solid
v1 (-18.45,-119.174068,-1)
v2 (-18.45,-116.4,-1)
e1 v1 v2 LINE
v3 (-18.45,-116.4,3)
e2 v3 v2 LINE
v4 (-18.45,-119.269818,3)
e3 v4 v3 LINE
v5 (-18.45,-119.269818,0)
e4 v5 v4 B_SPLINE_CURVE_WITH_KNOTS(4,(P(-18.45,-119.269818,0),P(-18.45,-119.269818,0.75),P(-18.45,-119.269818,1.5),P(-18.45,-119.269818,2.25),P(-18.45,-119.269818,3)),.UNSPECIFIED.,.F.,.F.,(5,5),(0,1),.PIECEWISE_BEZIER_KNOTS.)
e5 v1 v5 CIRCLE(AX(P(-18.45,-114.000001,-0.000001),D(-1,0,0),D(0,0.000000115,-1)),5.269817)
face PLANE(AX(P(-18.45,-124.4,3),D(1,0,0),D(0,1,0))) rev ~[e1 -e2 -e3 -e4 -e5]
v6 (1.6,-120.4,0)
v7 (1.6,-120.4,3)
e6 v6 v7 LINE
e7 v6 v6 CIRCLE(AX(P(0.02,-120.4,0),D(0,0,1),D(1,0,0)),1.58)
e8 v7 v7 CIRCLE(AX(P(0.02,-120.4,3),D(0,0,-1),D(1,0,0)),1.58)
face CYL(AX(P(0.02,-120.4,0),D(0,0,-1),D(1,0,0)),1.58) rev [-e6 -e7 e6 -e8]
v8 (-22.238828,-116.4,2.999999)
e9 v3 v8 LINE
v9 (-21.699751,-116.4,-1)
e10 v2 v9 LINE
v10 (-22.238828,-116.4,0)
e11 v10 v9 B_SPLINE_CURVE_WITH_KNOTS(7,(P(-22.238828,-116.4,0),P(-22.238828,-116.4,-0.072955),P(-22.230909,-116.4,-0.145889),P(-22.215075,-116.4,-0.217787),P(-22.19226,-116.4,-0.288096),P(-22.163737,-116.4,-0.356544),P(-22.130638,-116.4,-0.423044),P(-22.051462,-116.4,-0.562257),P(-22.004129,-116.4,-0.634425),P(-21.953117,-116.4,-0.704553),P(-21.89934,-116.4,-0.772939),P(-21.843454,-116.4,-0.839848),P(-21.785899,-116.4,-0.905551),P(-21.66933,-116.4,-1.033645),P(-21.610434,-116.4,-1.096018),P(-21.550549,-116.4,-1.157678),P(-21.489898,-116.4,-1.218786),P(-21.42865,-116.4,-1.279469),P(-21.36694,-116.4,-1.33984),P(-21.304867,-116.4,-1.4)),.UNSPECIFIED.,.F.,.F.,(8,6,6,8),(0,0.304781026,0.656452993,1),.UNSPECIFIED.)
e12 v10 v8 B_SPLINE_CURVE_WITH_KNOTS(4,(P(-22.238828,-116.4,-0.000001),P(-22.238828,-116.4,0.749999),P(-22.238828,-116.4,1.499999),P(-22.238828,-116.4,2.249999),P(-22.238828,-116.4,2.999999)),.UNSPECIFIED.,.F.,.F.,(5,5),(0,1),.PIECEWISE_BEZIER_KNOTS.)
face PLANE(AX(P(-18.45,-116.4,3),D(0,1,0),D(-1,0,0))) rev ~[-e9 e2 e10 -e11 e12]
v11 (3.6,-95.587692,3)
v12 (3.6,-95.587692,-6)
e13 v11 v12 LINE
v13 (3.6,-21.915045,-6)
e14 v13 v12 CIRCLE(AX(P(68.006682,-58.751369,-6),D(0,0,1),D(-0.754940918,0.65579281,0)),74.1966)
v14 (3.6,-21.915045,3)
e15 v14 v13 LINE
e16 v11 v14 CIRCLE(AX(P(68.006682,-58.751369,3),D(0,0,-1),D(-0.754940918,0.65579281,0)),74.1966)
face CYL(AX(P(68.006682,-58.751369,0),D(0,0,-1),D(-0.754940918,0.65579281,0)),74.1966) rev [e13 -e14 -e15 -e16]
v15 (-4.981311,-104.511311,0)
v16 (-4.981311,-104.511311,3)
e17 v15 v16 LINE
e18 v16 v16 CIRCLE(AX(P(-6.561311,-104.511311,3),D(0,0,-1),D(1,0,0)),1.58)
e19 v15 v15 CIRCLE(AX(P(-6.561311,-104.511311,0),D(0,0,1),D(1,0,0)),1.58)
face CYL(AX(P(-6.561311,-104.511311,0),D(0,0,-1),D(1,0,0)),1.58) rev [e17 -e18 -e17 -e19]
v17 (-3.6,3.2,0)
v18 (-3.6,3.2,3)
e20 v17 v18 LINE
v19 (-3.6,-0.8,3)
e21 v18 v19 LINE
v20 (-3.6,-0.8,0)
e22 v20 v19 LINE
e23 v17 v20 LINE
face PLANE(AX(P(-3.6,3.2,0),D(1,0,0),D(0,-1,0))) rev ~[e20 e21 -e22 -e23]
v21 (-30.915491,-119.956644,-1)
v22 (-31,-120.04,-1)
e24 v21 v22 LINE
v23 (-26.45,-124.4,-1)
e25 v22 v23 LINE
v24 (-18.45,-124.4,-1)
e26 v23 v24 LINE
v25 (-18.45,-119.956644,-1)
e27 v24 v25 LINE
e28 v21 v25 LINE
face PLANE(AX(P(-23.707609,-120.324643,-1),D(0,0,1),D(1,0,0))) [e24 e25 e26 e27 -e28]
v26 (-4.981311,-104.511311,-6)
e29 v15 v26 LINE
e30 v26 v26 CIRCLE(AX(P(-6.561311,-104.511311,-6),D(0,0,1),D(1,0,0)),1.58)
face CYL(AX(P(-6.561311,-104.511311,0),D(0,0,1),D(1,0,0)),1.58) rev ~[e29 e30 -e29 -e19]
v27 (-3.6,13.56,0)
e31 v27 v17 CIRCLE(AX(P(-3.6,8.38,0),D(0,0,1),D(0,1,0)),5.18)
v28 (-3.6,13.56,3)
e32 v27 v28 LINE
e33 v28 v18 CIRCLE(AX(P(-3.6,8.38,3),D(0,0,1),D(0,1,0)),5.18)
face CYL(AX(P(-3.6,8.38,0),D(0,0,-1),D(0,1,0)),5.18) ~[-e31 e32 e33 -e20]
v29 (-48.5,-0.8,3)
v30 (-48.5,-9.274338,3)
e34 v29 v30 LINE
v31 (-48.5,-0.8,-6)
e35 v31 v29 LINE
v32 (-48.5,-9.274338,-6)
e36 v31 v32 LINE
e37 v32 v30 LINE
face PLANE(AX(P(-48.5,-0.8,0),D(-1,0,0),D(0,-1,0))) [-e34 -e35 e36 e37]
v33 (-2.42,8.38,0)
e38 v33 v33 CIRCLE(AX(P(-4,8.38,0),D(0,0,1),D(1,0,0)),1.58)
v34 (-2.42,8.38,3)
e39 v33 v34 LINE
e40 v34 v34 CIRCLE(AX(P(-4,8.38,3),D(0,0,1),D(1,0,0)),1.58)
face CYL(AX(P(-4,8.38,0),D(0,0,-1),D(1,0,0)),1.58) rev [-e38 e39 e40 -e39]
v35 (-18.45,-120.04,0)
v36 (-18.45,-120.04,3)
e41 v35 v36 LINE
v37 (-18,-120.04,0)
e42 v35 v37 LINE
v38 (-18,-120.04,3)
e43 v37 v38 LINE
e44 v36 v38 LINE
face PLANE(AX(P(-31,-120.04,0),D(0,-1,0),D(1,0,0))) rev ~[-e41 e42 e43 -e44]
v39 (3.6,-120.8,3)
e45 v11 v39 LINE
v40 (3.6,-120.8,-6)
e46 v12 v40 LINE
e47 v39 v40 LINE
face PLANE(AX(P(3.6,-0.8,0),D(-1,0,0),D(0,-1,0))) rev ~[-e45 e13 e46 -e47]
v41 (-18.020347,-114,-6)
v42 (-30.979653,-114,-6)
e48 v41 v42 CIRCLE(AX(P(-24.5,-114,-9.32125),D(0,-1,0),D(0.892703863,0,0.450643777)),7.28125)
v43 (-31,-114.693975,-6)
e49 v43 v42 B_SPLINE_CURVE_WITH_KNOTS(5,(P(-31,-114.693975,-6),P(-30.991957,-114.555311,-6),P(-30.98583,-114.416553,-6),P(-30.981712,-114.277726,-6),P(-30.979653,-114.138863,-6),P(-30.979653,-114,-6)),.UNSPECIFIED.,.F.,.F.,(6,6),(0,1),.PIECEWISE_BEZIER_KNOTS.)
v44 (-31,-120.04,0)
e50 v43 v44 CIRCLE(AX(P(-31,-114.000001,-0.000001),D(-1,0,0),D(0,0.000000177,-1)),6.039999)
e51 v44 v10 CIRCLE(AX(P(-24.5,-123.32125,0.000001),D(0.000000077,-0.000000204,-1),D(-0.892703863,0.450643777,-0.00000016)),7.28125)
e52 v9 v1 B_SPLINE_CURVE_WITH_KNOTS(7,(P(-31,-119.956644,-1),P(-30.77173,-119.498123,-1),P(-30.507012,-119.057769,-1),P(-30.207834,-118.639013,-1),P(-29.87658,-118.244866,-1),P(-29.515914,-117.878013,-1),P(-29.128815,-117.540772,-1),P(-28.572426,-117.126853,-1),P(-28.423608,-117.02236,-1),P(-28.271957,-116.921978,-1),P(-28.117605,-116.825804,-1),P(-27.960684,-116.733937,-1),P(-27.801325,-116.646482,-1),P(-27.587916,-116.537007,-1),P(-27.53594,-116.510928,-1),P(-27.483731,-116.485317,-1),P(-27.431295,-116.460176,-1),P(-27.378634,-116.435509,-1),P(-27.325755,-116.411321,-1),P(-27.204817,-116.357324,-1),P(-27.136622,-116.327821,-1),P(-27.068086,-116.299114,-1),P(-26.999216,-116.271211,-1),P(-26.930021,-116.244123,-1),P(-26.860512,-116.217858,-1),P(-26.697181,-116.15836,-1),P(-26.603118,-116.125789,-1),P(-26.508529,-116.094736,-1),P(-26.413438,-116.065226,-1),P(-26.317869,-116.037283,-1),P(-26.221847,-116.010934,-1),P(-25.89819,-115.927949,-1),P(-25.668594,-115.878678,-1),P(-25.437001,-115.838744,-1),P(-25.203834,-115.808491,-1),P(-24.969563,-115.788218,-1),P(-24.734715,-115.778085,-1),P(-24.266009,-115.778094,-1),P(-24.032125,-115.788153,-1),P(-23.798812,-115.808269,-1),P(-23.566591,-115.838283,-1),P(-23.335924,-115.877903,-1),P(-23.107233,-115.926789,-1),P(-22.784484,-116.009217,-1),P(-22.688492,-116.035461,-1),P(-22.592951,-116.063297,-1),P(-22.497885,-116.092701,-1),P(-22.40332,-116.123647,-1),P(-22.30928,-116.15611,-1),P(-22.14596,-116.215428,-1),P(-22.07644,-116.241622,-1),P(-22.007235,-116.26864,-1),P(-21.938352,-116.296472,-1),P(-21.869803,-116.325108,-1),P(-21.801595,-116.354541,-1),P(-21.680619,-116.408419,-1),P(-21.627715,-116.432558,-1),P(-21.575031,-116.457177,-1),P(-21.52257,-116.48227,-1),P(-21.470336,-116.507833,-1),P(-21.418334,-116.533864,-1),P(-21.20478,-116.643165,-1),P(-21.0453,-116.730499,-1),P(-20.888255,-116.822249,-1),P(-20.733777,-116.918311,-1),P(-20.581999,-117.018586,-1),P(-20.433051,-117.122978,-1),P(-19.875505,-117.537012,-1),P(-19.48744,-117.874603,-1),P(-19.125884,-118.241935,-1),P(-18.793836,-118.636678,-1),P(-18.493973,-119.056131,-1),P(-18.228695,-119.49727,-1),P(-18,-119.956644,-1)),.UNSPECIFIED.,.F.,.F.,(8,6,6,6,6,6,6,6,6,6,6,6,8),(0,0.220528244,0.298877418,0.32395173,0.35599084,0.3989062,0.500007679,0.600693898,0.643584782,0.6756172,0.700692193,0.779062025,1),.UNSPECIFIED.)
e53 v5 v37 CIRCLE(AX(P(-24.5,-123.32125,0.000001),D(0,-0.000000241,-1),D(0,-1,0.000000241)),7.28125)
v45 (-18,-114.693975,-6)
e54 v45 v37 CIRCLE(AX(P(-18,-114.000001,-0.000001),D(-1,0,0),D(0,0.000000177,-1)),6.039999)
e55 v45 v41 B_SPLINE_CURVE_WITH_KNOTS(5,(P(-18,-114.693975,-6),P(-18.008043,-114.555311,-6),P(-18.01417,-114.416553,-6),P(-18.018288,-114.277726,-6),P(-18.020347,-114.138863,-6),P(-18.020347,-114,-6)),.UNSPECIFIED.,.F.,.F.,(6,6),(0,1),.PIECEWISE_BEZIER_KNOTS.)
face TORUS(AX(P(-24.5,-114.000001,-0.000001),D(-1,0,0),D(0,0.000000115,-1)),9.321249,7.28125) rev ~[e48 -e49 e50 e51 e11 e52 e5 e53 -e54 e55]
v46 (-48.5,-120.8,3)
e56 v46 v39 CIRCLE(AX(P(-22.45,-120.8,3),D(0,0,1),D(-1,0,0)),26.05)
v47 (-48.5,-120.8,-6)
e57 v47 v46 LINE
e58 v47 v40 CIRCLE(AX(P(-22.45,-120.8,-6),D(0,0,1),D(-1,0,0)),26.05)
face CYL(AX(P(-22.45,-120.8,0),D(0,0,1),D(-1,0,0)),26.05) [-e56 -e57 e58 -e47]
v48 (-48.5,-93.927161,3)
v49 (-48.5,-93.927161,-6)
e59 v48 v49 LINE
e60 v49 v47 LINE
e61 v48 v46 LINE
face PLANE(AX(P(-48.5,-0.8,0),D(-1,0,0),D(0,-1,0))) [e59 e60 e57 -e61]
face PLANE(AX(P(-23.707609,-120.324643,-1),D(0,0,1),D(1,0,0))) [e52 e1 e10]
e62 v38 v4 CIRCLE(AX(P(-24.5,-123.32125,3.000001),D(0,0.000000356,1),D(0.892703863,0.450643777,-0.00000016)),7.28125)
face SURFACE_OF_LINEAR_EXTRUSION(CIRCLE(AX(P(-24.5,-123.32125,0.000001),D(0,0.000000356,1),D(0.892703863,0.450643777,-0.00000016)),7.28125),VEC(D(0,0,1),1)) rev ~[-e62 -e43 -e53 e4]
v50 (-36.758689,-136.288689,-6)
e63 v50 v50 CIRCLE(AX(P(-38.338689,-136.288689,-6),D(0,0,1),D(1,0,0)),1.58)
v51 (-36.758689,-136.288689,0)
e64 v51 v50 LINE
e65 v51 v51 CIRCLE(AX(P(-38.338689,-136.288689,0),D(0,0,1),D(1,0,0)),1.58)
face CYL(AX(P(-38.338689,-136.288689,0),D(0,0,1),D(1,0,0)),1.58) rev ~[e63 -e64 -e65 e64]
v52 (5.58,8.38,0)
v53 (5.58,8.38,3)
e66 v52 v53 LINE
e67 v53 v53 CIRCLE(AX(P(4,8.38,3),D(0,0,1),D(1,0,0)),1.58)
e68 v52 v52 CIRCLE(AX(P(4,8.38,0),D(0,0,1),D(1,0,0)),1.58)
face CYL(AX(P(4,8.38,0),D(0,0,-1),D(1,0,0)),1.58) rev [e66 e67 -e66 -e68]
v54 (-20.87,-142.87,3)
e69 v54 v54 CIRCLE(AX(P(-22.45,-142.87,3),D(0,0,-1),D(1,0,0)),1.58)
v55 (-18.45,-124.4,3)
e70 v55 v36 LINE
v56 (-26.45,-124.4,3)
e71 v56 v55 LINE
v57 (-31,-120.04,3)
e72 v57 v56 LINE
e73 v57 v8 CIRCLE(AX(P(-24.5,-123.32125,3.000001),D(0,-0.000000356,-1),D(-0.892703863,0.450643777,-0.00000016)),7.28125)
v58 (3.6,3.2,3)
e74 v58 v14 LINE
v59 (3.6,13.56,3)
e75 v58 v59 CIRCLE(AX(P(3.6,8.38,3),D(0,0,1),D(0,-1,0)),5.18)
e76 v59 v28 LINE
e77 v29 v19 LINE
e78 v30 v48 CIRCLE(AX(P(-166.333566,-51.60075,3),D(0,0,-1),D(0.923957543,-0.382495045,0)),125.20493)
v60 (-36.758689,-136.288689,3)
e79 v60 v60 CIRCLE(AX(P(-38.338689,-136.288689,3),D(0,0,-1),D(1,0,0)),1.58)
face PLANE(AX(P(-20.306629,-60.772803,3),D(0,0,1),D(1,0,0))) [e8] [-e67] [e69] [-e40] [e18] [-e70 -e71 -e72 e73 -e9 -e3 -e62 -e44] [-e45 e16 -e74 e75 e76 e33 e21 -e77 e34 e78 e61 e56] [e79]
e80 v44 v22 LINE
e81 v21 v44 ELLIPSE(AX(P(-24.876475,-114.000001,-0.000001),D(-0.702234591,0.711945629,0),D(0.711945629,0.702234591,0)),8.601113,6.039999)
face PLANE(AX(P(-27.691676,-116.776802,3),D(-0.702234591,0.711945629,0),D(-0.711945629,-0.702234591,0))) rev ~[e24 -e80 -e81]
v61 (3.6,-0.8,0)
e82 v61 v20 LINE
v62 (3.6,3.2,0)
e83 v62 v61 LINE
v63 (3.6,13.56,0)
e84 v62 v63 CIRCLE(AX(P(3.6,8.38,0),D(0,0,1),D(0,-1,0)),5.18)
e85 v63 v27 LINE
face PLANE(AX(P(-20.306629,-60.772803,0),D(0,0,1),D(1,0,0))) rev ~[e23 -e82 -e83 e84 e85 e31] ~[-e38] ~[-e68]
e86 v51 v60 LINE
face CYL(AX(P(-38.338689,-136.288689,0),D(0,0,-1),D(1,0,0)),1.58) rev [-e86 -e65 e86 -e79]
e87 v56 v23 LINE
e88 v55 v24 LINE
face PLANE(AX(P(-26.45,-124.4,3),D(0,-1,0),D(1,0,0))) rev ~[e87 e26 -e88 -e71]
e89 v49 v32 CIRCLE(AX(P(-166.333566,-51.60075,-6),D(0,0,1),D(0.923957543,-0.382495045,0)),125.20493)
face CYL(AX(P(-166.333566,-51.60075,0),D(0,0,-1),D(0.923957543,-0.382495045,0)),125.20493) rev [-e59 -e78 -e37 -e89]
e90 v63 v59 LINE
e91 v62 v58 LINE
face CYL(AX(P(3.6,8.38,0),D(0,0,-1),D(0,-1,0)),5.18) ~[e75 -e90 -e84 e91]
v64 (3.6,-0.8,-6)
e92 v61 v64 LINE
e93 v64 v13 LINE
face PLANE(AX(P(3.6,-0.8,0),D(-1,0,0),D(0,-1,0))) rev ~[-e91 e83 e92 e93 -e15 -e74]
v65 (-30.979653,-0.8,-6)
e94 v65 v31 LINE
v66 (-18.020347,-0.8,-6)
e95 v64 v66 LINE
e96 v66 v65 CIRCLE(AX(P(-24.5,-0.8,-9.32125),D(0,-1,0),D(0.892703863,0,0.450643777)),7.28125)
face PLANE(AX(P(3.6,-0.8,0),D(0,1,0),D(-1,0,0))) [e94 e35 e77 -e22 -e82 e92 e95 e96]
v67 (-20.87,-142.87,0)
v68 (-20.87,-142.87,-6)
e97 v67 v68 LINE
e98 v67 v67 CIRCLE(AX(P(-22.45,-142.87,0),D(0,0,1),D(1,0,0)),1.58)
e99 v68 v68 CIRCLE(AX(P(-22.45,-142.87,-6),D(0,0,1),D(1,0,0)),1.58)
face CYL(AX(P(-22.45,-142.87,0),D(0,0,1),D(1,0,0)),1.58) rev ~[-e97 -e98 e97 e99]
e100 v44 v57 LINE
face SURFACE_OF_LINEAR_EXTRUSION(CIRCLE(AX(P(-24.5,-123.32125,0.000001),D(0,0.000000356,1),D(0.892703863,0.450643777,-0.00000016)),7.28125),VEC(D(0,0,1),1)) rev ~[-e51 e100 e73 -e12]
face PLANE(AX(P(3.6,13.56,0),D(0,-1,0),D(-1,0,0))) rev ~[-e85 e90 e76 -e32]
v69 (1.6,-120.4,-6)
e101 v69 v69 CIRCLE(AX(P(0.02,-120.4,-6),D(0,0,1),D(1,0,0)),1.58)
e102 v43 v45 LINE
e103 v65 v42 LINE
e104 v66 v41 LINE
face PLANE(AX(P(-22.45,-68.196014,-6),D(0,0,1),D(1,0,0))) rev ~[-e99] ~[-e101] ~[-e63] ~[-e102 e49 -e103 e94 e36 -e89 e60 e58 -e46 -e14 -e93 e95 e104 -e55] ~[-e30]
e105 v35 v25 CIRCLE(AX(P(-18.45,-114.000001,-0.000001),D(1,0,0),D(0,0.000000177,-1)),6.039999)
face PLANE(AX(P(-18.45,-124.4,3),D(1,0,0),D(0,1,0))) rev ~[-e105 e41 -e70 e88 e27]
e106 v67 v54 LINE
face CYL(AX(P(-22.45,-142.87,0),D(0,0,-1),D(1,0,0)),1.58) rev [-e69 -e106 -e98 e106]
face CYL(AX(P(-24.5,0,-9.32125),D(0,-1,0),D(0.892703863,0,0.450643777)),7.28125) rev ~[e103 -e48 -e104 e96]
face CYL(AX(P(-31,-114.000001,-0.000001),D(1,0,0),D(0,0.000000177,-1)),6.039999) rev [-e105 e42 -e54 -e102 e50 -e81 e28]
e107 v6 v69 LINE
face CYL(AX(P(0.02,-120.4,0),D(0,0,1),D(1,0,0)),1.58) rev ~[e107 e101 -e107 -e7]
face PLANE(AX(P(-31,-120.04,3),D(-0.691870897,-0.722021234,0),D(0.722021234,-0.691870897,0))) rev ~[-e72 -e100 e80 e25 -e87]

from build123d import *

# Parameters (mm, degrees)
SKETCH_R             = 1.58
PAD_DEPTH            = 3
PAD001_DEPTH         = 6
POCKET_DEPTH         = 4
SKETCH006_R          = 1.58
POCKET001_DEPTH      = 6.001
POCKET001_DEPTH_BACK = -3.001
POCKET002_DEPTH      = 6.001
POCKET002_DEPTH_BACK = -3.001


with BuildPart() as part:
    # Sketch → Pad (new body)
    with BuildSketch(Plane.XY):
        with BuildLine():
            ThreePointArc((-3.6, 13.56), (-8.78, 8.38), (-3.6, 3.2))
            Line((-3.6, 3.2), (-3.6, 0))
            Line((-3.6, 0), (-3.6, -0.8))
            Line((-48.5, -0.8), (-3.6, -0.8))
            Line((-48.5, -0.8), (-48.5, -120.8))
            ThreePointArc((-48.5, -120.8), (-22.45, -146.85), (3.6, -120.8))
            Line((3.6, 0), (3.6, -120.8))
            Line((3.6, 3.2), (3.6, 0))
            ThreePointArc((3.6, 3.2), (8.78, 8.38), (3.6, 13.56))
            Line((3.6, 13.56), (0, 13.56))
            Line((-3.6, 13.56), (0, 13.56))
        make_face()
        with Locations((-4, 8.38)):
            Circle(SKETCH_R, mode=Mode.SUBTRACT)
        with Locations((4, 8.38)):
            Circle(SKETCH_R, mode=Mode.SUBTRACT)
    extrude(amount=PAD_DEPTH)

    # Sketch001 → Pad001 (join)
    with BuildSketch(Plane.XY):
        with BuildLine():
            Line((3.6, -0.8), (-48.5, -0.8))
            Line((-48.5, -0.8), (-48.5, -120.8))
            ThreePointArc((-48.5, -120.8), (-22.45, -146.85), (3.6, -120.8))
            Line((3.6, -0.8), (3.6, -120.8))
        make_face()
    extrude(amount=-PAD001_DEPTH)

    # SubtractivePipe: sweep along a path in Sketch004
    with BuildLine(Plane.YZ) as subtractivepipe_path:
        Line((0, -6), (-114, -6))
        ThreePointArc((-114, -6), (-118.242641, -4.242641), (-120, 0))
        Line((-120, 0), (-120, 3))
    # Sketch002 → SubtractivePipe (sweep, cut)
    with BuildSketch(Plane.XZ):
        with BuildLine():
            Line((-24.5, -6.04), (-31, -6.04))
            ThreePointArc((-18, -6.04), (-24.5, -2.04), (-31, -6.04))
            Line((-24.5, -6.04), (-18, -6.04))
        make_face()
    sweep(path=subtractivepipe_path.line, mode=Mode.SUBTRACT)

    # Sketch005 → Pocket (cut)
    with BuildSketch(Plane.XY.offset(3)):
        Polygon((-26.45, -124.4), (-18.45, -124.4), (-18.45, -116.4), (-26.45, -116.4), (-27.691676, -116.776802), (-31, -120.04), align=None)
    extrude(amount=-POCKET_DEPTH, mode=Mode.SUBTRACT)

    # Sketch006 → Pocket001 (cut, two sides)
    with BuildSketch(Plane.XY) as pocket001_sk:
        with Locations((-22.45, -142.87)):
            Circle(SKETCH006_R)
        with Locations((0.02, -120.4)):
            Circle(SKETCH006_R)
        with Locations((-6.561311, -104.511311)):
            Circle(SKETCH006_R)
        with Locations((-38.338689, -136.288689)):
            Circle(SKETCH006_R)
    extrude(amount=-POCKET001_DEPTH, mode=Mode.SUBTRACT)
    extrude(pocket001_sk.sketch, amount=-POCKET001_DEPTH_BACK, mode=Mode.SUBTRACT)

    # Sketch007 → Pocket002 (cut, two sides)
    with BuildSketch(Plane.XY) as pocket002_sk:
        with BuildLine():
            Line((-58.822819, 0), (-58.822819, -99.491015))
            Line((-58.822819, -99.491015), (-50.649527, -99.491015))
            ThreePointArc((-50.649527, -99.491015), (-41.14496, -49.579042), (-52.256237, 0))
            Line((-52.256237, 0), (-52.256237, 31.290133))
            Line((-52.256237, 31.290133), (11.992633, 31.290133))
            Line((11.992633, -10.093772), (11.992633, 31.290133))
            ThreePointArc((11.992633, -10.093772), (-6.175004, -57.263804), (10.086987, -105.124252))
            Line((35.256332, -105.124252), (10.086987, -105.124252))
            Line((35.256332, 66.325943), (35.256332, -105.124252))
            Line((-58.822819, 66.325943), (35.256332, 66.325943))
            Line((-58.822819, 0), (-58.822819, 66.325943))
        make_face()
    extrude(amount=-POCKET002_DEPTH, mode=Mode.SUBTRACT)
    extrude(pocket002_sk.sketch, amount=-POCKET002_DEPTH_BACK, mode=Mode.SUBTRACT)


solid = part.part
